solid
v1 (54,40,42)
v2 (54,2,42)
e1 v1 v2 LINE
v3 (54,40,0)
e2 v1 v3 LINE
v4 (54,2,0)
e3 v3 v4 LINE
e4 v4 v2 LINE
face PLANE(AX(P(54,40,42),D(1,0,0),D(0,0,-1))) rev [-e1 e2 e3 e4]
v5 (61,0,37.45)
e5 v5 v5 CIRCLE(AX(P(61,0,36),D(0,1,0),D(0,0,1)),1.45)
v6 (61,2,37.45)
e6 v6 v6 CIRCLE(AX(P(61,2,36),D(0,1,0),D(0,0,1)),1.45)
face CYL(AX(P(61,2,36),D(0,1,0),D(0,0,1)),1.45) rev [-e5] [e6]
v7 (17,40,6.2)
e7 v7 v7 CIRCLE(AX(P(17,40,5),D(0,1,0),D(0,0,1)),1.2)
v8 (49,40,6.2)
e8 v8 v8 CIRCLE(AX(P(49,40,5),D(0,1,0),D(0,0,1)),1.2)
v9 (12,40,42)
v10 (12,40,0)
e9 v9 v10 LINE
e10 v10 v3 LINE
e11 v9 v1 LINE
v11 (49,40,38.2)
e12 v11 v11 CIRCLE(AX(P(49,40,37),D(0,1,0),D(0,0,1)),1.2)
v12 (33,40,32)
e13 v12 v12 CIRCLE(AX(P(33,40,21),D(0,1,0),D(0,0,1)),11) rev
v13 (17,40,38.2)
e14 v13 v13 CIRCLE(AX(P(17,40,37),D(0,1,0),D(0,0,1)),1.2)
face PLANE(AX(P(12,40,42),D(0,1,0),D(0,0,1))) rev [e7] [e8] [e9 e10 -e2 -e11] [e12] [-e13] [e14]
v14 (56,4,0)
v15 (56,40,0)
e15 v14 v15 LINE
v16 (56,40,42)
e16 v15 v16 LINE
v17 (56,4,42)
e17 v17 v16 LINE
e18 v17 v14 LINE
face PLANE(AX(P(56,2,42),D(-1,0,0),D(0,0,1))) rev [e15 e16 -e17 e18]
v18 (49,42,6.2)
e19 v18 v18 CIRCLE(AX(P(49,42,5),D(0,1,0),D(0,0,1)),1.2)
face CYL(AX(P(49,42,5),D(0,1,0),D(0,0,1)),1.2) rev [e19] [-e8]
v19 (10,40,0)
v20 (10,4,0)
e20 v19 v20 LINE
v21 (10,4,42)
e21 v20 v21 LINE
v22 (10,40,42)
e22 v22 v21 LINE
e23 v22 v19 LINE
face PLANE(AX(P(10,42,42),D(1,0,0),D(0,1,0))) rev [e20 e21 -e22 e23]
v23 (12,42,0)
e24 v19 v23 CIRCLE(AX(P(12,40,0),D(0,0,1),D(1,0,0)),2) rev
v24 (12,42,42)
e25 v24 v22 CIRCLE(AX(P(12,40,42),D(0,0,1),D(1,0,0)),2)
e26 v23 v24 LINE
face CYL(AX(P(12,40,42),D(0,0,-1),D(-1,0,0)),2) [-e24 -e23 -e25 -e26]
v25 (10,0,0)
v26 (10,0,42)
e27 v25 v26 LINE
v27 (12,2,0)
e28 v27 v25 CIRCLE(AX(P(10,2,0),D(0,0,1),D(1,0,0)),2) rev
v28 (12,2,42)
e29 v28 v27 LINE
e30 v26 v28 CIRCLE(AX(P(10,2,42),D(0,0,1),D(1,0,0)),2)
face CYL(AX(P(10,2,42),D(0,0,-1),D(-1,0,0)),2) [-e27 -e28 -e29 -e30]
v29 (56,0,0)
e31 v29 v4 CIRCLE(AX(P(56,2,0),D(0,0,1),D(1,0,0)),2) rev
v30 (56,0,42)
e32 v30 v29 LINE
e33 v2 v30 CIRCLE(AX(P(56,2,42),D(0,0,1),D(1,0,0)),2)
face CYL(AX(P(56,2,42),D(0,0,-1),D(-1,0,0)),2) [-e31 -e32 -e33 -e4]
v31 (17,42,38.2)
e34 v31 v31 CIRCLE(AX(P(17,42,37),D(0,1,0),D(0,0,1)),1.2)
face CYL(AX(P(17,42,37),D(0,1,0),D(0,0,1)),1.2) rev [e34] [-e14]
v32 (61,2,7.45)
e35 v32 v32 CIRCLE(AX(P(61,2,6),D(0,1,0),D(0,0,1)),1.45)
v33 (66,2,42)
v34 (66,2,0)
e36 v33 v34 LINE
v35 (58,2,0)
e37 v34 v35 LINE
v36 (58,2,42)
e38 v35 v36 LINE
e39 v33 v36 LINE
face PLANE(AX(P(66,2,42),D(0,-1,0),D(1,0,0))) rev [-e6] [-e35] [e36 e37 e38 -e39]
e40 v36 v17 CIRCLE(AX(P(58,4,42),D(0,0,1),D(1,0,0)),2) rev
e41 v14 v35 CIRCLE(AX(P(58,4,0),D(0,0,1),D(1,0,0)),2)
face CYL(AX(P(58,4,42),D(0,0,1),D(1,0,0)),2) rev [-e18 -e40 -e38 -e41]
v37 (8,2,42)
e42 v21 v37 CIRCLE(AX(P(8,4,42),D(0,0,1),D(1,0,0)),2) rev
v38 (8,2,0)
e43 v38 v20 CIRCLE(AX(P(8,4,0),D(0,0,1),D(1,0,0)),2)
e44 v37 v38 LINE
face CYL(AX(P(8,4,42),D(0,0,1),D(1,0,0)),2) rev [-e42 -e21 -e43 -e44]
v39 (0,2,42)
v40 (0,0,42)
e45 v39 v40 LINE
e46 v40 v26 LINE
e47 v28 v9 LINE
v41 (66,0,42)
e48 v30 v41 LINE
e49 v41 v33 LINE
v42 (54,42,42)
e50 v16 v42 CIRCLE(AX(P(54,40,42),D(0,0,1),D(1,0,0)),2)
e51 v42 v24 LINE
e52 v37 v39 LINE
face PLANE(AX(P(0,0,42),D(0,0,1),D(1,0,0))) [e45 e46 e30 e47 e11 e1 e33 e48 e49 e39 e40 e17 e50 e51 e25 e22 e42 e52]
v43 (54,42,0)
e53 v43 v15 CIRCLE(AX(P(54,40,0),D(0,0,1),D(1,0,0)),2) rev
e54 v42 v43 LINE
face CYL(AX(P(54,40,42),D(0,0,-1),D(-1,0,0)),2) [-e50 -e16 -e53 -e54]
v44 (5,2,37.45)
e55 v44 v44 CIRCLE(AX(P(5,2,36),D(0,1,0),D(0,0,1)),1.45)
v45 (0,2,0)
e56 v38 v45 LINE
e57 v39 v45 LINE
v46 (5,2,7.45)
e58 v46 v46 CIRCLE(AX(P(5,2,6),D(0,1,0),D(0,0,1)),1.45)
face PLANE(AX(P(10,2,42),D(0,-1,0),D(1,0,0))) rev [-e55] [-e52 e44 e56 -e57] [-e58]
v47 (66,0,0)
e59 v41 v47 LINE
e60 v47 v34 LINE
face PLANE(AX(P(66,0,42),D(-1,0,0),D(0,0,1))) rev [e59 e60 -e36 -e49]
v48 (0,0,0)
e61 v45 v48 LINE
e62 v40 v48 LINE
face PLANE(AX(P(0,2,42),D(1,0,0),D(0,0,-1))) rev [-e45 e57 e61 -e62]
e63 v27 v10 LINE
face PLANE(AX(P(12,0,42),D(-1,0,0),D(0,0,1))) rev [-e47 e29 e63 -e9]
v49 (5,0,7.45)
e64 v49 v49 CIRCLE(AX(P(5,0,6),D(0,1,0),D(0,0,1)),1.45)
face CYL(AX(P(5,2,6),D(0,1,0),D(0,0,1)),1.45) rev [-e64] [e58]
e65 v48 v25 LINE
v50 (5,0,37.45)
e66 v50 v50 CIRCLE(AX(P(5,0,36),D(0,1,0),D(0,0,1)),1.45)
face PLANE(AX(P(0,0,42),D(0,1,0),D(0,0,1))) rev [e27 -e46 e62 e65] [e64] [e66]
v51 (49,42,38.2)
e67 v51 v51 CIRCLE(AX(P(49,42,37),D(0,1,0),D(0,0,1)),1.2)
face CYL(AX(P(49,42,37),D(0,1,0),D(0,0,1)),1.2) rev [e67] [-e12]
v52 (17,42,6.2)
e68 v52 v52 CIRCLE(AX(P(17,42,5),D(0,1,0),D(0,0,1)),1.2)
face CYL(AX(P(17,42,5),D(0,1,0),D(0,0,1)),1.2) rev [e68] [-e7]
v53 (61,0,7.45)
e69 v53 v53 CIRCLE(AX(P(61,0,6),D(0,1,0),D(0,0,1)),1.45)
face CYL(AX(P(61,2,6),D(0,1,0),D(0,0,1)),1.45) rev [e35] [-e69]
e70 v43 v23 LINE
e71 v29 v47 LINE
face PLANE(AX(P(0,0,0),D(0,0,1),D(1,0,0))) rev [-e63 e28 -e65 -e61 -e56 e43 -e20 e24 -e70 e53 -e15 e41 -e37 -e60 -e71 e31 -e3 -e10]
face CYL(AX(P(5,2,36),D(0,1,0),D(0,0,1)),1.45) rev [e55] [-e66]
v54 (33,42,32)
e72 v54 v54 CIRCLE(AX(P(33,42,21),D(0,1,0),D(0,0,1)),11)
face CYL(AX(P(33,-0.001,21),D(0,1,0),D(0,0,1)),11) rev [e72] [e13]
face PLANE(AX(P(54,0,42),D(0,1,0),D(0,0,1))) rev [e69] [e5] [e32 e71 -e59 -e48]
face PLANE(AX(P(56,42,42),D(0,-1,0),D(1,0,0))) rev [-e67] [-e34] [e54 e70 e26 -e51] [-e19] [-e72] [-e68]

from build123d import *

# Parameters (mm, degrees)
BOSS_EXTRU_1_DEPTH      = 42
D_GAGEMENT_M2_51_D      = 2.9
D_GAGEMENT_M21_D        = 2.4
ENL_V_MAT_EXTRU_1_REACH = 90.792
ESQUISSE6_R             = 11
CONG_1_R                = 2


with BuildPart() as part:
    # Esquisse1 → Boss.-Extru.1 (new body)
    with BuildSketch(Plane.XY):
        Polygon((0, 0), (12, 0), (12, 40), (54, 40), (54, 0), (66, 0), (66, 2), (56, 2), (56, 42), (10, 42), (10, 2), (0, 2), align=None)
    extrude(amount=BOSS_EXTRU_1_DEPTH)

    # Dégagement M2.51 (through all)
    with Locations(Plane(origin=(0, 2, 0), x_dir=(1, 0, 0), z_dir=(0, 1, 0))):
        with Locations((5, -6), (5, -36), (61, -6), (61, -36)):
            Hole(D_GAGEMENT_M2_51_D / 2)

    # Dégagement M21 (through all)
    with Locations(Plane(origin=(0, 42, 0), x_dir=(1, 0, 0), z_dir=(0, 1, 0))):
        with Locations((17, -5), (49, -37), (17, -37), (49, -5)):
            Hole(D_GAGEMENT_M21_D / 2)

    # Esquisse6 → Enlèv. mat.-Extru.1 (cut, up to next)
    with BuildSketch(Plane(origin=(0, 42, 0), x_dir=(1, 0, 0), z_dir=(0, 1, 0)), mode=Mode.PRIVATE) as enl_v_mat_extru_1_sk1:
        with Locations(Location((33, -21, 0), (0, 0, 270))):
            Circle(ESQUISSE6_R)
    enl_v_mat_extru_1_tool1 = extrude(enl_v_mat_extru_1_sk1.sketch, amount=-ENL_V_MAT_EXTRU_1_REACH, mode=Mode.PRIVATE) & part.part
    add(enl_v_mat_extru_1_tool1.solids().sort_by_distance((33, 42, 21))[0], mode=Mode.SUBTRACT)

    # Congé1
    cong_1_edges = [part.edges().sort_by_distance(p)[0] for p in [
        (10, 2, 21),
        (10, 42, 21),
        (56, 42, 21),
        (56, 2, 21),
        (54, 0, 21),
        (12, 0, 21),
    ]]
    fillet(cong_1_edges, radius=CONG_1_R)


solid = part.part
